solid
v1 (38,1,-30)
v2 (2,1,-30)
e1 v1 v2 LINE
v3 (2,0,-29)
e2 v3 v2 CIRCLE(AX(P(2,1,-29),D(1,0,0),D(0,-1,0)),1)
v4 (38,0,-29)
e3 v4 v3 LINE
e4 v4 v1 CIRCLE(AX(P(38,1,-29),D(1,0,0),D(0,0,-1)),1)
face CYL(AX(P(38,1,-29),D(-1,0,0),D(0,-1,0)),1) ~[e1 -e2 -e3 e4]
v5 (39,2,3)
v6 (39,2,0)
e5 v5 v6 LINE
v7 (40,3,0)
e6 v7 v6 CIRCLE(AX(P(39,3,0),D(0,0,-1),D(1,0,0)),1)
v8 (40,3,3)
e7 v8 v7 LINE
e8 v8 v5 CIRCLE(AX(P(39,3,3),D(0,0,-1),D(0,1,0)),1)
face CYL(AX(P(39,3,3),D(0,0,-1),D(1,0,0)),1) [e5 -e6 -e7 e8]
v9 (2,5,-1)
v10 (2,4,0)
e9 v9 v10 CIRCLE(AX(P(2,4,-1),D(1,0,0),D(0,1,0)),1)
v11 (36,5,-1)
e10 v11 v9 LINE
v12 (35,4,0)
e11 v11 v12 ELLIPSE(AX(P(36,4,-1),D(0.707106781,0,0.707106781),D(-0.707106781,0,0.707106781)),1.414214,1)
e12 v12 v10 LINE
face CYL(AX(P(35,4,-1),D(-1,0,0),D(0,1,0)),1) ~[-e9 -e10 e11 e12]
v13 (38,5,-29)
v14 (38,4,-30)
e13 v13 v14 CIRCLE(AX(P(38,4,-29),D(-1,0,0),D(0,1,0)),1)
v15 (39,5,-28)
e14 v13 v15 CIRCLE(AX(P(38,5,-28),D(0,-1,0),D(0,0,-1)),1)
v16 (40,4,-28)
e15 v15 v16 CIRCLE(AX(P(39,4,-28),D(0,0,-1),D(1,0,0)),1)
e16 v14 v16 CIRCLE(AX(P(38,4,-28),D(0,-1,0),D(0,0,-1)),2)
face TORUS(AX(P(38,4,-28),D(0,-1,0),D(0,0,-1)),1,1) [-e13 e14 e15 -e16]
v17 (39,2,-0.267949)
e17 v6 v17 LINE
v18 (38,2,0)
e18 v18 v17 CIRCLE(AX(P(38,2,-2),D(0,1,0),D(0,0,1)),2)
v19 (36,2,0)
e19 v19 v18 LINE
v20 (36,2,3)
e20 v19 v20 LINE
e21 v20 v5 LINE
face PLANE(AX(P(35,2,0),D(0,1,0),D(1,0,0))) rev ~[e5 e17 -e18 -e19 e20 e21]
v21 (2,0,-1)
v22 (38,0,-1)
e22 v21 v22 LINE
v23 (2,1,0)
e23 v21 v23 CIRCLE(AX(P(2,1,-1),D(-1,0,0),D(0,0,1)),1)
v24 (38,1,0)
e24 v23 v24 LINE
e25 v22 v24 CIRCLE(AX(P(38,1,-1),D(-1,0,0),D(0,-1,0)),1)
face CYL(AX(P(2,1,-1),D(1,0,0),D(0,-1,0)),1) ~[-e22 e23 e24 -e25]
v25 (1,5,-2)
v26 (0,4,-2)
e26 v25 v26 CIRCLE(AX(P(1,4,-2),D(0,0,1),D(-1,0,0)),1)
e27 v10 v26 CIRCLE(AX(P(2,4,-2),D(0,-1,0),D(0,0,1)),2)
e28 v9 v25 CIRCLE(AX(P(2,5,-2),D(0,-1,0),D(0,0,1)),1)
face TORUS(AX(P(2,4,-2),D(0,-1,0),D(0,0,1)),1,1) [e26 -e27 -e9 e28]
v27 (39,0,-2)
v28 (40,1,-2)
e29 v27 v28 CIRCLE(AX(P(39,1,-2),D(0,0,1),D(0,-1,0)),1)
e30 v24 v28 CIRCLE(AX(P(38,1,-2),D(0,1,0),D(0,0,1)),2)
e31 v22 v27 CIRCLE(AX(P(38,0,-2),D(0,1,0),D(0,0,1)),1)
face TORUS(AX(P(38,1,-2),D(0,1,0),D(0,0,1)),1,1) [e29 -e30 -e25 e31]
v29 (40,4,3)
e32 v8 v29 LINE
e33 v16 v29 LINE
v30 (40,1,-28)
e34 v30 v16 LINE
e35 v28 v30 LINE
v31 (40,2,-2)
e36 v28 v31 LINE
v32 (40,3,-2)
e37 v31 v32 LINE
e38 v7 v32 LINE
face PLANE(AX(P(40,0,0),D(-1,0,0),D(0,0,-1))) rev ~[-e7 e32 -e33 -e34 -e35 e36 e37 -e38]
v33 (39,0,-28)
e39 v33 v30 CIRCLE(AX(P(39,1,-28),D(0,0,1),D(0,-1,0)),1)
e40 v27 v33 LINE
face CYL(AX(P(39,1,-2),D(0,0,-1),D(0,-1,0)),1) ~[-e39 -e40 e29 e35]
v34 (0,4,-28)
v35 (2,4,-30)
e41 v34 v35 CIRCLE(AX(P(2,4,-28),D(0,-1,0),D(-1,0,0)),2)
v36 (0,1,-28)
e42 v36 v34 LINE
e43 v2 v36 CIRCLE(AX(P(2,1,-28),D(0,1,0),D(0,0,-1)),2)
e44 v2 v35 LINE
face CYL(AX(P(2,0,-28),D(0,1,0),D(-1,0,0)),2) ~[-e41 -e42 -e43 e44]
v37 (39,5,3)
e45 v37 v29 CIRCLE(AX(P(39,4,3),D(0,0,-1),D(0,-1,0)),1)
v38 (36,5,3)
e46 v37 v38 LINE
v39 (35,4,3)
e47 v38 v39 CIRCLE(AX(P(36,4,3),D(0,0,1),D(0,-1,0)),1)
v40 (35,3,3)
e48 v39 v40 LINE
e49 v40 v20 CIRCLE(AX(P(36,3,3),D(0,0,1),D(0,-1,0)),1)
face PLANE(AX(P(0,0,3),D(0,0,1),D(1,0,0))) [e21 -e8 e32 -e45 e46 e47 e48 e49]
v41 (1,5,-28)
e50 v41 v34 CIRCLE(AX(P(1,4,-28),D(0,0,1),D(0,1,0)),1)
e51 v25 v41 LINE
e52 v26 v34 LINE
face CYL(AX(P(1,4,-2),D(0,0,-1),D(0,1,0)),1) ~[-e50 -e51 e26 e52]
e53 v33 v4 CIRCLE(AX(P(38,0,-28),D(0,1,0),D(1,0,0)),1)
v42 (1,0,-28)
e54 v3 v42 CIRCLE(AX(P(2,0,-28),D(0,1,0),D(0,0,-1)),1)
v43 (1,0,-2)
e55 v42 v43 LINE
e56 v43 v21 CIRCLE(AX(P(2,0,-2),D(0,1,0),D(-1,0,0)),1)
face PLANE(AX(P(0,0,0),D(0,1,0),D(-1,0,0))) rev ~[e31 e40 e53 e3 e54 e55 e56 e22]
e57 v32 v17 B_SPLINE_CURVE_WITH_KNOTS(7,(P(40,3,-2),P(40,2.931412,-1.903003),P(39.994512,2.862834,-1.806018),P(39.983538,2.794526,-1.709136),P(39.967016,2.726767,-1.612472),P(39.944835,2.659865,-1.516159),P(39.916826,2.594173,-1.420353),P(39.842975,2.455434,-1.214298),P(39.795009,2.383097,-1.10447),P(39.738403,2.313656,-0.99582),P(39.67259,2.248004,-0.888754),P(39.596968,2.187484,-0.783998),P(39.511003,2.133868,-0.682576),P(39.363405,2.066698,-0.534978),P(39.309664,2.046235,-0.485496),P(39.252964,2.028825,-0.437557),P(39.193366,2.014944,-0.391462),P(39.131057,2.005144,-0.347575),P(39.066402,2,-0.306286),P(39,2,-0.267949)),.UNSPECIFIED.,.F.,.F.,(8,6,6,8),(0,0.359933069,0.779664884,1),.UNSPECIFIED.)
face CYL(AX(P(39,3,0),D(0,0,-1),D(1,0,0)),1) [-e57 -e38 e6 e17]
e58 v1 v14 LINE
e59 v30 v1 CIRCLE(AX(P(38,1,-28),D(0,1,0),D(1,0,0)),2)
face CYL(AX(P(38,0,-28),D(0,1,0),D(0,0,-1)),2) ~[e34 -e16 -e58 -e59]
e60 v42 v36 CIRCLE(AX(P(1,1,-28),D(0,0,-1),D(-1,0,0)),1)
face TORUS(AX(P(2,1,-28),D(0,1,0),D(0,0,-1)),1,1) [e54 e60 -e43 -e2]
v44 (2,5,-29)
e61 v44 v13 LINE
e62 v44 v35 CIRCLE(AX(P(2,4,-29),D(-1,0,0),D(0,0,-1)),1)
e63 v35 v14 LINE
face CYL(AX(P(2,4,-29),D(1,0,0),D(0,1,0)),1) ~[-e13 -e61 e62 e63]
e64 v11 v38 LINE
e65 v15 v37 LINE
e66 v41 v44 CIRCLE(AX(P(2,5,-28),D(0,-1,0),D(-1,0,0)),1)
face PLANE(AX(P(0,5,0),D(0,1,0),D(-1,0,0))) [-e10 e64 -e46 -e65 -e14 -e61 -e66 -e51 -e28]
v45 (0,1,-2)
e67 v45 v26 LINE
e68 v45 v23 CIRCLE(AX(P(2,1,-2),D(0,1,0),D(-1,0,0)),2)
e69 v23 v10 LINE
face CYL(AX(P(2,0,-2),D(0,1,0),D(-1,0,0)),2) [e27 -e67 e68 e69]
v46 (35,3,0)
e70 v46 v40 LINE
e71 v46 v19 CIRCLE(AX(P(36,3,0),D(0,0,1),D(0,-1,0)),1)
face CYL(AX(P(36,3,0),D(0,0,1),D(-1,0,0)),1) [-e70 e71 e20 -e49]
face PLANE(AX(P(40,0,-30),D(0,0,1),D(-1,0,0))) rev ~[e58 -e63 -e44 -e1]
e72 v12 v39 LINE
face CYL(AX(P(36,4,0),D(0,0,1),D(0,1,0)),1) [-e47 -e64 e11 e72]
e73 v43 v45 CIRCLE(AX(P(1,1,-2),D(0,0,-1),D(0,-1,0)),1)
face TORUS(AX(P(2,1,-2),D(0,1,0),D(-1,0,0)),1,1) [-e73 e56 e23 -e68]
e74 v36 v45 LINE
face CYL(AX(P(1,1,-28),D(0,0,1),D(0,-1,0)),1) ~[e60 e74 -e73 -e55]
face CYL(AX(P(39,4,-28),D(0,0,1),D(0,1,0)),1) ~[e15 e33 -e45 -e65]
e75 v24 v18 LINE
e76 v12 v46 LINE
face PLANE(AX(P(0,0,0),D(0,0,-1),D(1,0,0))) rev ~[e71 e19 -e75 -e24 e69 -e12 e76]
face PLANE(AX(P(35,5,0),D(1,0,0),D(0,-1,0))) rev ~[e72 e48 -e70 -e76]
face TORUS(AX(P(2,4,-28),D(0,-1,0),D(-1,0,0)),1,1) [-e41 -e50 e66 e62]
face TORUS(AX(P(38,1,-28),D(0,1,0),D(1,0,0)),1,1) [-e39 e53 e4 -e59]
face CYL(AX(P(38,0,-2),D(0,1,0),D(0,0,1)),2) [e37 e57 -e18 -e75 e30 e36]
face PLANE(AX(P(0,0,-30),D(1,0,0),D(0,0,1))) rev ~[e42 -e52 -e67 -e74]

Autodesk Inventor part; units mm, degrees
ref_plane "YZ Plane" through (0, 0, 0) normal (1, 0, 0) x (0, 1, 0)
ref_plane "XZ Plane" through (0, 0, 0) normal (0, 1, 0) x (-1, 0, 0)
ref_plane "XY Plane" through (0, 0, 0) normal (0, 0, 1) x (1, 0, 0)
sketch "Sketch1" plane through (0, 0, 0) normal (0, 1, 0) x (-1, 0, 0)
  line L0 (0, 0) -> (-40, 0)
  line L1 (-40, 0) -> (-40, -30)
  line L2 (-40, -30) -> (0, -30)
  line L3 (0, -30) -> (0, 0)
  dimension "d0" = 40
  dimension "d1" = 30
extrude "Extrusion1" add sketch "Sketch1" along normal blind 5
sketch "Sketch2" plane through (0, 0, 0) normal (0, 0, 1) x (1, 0, 0)
  line L0 (0, 0) -> (40, 0) construction
  line L1 (40, 0) -> (40, 5) construction
  line L2 (0, 5) -> (40, 5) construction
  line L3 (0, 0) -> (0, 5) construction
  line L4 (40, 0) -> (40, 5) projected
  line L5 (40, 5) -> (35, 5)
  line L6 (35, 5) -> (35, 2)
  line L7 (35, 2) -> (40, 2)
  line L8 (40, 2) -> (40, 5)
  dimension "d4" = 3
  dimension "d5" = 5
extrude "Extrusion2" add sketch "Sketch2" along normal blind 3
fillet "Fillet1" radius 2 4 edges at (0, 2.5, 0) (0, 2.5, -30) (40, 2.5, -30) (40, 1, 0)
fillet "Fillet2" radius 1 18 edges at (35, 5, 1.5) (35, 2, 1.5) (40, 2, -1) (39.4142, 5, -29.4142) (20, 5, -30) (0.5858, 5, -29.4142) (0, 5, -15) (0.5858, 5, -0.5858) (18.5, 5, 0) (40, 5, -12.5) (40, 0, -15) (39.4142, 0, -29.4142) (20, 0, -30) (0.5858, 0, -29.4142) (0, 0, -15) (0.5858, 0, -0.5858) (20, 0, 0) (39.4142, 0, -0.5858)
properties part number "BATTERY_1S_560MAH_AKYGA"
